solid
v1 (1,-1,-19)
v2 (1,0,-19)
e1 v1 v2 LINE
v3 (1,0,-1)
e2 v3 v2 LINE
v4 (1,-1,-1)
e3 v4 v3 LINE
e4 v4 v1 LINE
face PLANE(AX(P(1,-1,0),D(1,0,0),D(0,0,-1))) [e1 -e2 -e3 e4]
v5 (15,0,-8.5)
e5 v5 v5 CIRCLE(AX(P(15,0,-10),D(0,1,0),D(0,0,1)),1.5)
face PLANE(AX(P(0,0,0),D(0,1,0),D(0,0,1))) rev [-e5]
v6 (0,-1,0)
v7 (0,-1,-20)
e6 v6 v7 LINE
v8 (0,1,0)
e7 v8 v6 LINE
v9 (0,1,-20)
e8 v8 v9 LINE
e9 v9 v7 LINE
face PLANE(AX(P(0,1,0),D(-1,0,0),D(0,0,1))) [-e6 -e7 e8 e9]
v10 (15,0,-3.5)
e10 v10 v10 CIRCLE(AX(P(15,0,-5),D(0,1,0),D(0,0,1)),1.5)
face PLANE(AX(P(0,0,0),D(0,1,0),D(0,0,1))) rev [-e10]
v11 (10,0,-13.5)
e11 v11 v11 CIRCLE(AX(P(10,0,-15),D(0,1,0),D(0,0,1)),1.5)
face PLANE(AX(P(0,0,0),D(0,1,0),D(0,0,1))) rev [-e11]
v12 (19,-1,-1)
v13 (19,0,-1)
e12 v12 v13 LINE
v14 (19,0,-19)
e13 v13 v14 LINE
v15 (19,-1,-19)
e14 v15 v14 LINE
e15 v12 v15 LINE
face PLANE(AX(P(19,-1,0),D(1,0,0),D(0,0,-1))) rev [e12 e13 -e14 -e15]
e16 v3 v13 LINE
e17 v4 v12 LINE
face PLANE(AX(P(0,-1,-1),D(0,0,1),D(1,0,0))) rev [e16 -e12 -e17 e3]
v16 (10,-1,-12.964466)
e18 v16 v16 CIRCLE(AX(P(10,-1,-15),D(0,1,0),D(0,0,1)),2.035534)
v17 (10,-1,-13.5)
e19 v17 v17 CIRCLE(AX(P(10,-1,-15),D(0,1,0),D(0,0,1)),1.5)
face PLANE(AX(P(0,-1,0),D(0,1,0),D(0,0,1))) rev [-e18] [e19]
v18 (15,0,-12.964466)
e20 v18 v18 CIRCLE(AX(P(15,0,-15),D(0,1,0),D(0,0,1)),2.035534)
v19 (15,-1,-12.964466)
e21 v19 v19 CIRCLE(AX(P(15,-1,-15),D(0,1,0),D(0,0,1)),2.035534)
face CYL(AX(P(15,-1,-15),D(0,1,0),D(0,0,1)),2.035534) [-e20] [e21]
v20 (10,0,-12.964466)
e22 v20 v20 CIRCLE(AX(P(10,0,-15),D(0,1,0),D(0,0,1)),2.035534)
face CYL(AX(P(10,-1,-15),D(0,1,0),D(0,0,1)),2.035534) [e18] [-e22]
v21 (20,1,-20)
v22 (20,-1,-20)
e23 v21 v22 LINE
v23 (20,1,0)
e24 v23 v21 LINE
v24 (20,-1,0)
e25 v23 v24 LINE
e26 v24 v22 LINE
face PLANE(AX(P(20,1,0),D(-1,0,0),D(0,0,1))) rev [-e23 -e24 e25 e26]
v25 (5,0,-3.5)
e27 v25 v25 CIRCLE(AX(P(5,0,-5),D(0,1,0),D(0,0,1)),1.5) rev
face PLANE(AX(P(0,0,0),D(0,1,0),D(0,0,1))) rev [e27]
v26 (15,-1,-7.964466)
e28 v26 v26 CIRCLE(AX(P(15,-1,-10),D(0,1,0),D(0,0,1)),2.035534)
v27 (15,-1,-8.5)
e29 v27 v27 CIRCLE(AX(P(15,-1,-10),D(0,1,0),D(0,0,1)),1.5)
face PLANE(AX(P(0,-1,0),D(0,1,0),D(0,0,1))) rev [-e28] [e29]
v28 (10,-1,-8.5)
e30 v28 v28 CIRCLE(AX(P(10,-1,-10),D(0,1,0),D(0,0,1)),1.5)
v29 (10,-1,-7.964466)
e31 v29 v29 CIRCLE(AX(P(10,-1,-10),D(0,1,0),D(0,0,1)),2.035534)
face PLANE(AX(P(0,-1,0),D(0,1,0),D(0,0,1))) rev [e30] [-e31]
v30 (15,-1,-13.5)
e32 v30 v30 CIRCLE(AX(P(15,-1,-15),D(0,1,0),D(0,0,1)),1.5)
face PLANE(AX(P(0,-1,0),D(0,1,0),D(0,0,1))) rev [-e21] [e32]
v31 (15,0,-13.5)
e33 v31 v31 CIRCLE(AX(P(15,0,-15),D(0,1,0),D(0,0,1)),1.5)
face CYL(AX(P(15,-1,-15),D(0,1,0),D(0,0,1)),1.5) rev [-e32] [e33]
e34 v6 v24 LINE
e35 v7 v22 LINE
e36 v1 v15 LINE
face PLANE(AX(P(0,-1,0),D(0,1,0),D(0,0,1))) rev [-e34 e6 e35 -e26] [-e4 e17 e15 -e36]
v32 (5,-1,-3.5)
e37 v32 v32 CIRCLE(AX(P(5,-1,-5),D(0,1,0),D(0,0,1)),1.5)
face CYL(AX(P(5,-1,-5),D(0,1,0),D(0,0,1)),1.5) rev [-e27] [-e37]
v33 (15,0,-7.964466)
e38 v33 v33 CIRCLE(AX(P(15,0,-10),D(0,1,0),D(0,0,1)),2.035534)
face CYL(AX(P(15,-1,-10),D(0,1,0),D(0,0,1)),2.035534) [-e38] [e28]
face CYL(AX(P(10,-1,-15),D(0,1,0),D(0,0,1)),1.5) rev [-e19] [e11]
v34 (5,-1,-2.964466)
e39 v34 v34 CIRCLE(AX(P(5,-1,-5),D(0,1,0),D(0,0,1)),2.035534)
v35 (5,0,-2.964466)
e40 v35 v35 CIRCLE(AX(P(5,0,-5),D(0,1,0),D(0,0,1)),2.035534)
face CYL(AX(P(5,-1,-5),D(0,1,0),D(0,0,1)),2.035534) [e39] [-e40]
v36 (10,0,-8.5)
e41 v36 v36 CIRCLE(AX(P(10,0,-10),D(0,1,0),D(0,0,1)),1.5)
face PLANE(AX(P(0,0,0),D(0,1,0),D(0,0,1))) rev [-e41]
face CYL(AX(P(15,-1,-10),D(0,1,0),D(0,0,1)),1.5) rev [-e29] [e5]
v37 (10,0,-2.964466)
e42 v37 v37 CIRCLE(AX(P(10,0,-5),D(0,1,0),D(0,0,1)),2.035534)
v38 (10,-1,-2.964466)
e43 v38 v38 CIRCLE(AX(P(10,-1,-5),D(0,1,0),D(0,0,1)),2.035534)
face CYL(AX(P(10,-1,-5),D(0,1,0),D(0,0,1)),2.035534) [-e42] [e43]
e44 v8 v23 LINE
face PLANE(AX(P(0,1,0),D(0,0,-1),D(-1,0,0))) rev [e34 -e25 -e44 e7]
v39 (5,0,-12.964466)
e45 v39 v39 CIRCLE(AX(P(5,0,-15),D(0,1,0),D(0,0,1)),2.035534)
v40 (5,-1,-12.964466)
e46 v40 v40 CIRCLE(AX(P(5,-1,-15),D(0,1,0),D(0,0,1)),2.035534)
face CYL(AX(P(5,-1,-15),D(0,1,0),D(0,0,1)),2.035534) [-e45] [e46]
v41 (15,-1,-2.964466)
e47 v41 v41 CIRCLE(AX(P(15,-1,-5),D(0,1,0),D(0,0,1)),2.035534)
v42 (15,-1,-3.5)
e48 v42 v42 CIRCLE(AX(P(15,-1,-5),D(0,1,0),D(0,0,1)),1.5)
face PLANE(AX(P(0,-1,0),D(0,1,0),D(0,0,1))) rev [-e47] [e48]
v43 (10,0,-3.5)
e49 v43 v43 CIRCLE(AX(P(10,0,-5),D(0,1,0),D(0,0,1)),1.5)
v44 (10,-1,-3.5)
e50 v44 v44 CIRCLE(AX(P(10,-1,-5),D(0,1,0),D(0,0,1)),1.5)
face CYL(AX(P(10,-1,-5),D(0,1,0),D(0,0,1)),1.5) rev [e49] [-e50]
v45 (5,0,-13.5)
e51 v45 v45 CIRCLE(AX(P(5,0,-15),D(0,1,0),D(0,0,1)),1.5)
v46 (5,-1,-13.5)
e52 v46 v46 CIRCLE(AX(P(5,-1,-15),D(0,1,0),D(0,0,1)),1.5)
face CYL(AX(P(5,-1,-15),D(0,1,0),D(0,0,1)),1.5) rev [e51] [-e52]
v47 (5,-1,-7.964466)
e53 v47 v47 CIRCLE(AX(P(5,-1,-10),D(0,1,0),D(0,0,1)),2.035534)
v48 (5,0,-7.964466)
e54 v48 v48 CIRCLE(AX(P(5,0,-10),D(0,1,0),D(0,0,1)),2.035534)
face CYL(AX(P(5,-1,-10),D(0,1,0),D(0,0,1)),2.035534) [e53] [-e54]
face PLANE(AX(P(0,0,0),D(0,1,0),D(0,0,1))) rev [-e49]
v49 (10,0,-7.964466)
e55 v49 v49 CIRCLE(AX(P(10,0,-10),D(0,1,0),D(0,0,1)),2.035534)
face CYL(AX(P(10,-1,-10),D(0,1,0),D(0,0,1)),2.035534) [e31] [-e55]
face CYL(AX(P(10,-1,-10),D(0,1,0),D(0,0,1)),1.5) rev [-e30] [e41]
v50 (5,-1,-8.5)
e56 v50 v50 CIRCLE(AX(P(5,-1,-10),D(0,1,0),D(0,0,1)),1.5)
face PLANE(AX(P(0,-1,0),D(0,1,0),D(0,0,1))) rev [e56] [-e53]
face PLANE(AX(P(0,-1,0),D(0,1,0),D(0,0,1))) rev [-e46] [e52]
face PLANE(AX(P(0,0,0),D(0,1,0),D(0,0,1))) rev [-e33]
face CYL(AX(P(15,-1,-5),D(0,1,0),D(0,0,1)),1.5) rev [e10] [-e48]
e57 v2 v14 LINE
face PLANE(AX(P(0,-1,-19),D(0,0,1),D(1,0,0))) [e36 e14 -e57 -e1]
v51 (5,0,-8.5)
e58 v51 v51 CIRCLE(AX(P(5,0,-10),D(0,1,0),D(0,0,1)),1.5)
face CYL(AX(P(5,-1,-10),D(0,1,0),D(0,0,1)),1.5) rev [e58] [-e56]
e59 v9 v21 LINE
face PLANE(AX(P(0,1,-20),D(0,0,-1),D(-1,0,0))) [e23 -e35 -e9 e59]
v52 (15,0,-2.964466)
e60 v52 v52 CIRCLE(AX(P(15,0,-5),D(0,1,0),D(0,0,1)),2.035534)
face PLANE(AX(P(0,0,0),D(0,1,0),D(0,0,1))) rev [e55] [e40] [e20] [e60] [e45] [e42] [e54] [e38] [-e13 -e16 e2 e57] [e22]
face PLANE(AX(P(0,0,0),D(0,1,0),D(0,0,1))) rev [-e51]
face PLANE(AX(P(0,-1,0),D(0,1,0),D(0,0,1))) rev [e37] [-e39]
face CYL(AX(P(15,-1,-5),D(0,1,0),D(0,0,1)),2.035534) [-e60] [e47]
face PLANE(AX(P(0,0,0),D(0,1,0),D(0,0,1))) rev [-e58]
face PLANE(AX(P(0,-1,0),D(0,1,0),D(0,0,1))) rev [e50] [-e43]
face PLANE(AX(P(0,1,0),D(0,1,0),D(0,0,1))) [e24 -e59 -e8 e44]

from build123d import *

# Parameters (mm, degrees)
SKETCH1_R              = 2.035533906
SKETCH1_R_2            = 1.5
BOSS_EXTRUDE1_DEPTH    = 1
SKETCH1_W              = 20
SKETCH1_H              = 20
SKETCH1_W_2            = 18
SKETCH1_H_2            = 18
BOSS_EXTRUDE1_2_DEPTH  = 1
BOSS_EXTRUDE1_3_DEPTH  = 1
BOSS_EXTRUDE1_4_DEPTH  = 1
BOSS_EXTRUDE1_5_DEPTH  = 1
BOSS_EXTRUDE1_6_DEPTH  = 1
BOSS_EXTRUDE1_7_DEPTH  = 1
BOSS_EXTRUDE1_8_DEPTH  = 1
BOSS_EXTRUDE1_9_DEPTH  = 1
BOSS_EXTRUDE1_10_DEPTH = 1
SKETCH1_3_W            = 20
SKETCH1_3_H            = 20
BOSS_EXTRUDE2_DEPTH    = 1


with BuildPart() as part:
    # Sketch1 → Boss-Extrude1 (new body)
    with BuildSketch(Plane(origin=(0, 0, 0), x_dir=(1, 0, 0), z_dir=(0, 1, 0))):
        with Locations((5, 15)):
            Circle(SKETCH1_R)
        with Locations((5, 15)):
            Circle(SKETCH1_R_2, mode=Mode.SUBTRACT)
    extrude(amount=-BOSS_EXTRUDE1_DEPTH)



with BuildPart() as body_2:
    # Sketch1 → Boss-Extrude1 2 (new body)
    with BuildSketch(Plane(origin=(0, 0, 0), x_dir=(1, 0, 0), z_dir=(0, 1, 0))):
        with Locations((10, 10)):
            Rectangle(SKETCH1_W, SKETCH1_H)
        with Locations((10, 10)):
            Rectangle(SKETCH1_W_2, SKETCH1_H_2, mode=Mode.SUBTRACT)
    extrude(amount=-BOSS_EXTRUDE1_2_DEPTH)


with BuildPart() as body_3:
    # Sketch1 → Boss-Extrude1 3 (new body)
    with BuildSketch(Plane(origin=(0, 0, 0), x_dir=(1, 0, 0), z_dir=(0, 1, 0))):
        with Locations((5, 10)):
            Circle(SKETCH1_R)
        with Locations((5, 10)):
            Circle(SKETCH1_R_2, mode=Mode.SUBTRACT)
    extrude(amount=-BOSS_EXTRUDE1_3_DEPTH)


with BuildPart() as body_4:
    # Sketch1 → Boss-Extrude1 4 (new body)
    with BuildSketch(Plane(origin=(0, 0, 0), x_dir=(1, 0, 0), z_dir=(0, 1, 0))):
        with Locations((10, 15)):
            Circle(SKETCH1_R)
        with Locations((10, 15)):
            Circle(SKETCH1_R_2, mode=Mode.SUBTRACT)
    extrude(amount=-BOSS_EXTRUDE1_4_DEPTH)


with BuildPart() as body_5:
    # Sketch1 → Boss-Extrude1 5 (new body)
    with BuildSketch(Plane(origin=(0, 0, 0), x_dir=(1, 0, 0), z_dir=(0, 1, 0))):
        with Locations((5, 5)):
            Circle(SKETCH1_R)
        with Locations((5, 5)):
            Circle(SKETCH1_R_2, mode=Mode.SUBTRACT)
    extrude(amount=-BOSS_EXTRUDE1_5_DEPTH)


with BuildPart() as body_6:
    # Sketch1 → Boss-Extrude1 6 (new body)
    with BuildSketch(Plane(origin=(0, 0, 0), x_dir=(1, 0, 0), z_dir=(0, 1, 0))):
        with Locations((10, 10)):
            Circle(SKETCH1_R)
        with Locations((10, 10)):
            Circle(SKETCH1_R_2, mode=Mode.SUBTRACT)
    extrude(amount=-BOSS_EXTRUDE1_6_DEPTH)


with BuildPart() as body_7:
    # Sketch1 → Boss-Extrude1 7 (new body)
    with BuildSketch(Plane(origin=(0, 0, 0), x_dir=(1, 0, 0), z_dir=(0, 1, 0))):
        with Locations((15, 15)):
            Circle(SKETCH1_R)
        with Locations((15, 15)):
            Circle(SKETCH1_R_2, mode=Mode.SUBTRACT)
    extrude(amount=-BOSS_EXTRUDE1_7_DEPTH)


with BuildPart() as body_8:
    # Sketch1 → Boss-Extrude1 8 (new body)
    with BuildSketch(Plane(origin=(0, 0, 0), x_dir=(1, 0, 0), z_dir=(0, 1, 0))):
        with Locations((10, 5)):
            Circle(SKETCH1_R)
        with Locations((10, 5)):
            Circle(SKETCH1_R_2, mode=Mode.SUBTRACT)
    extrude(amount=-BOSS_EXTRUDE1_8_DEPTH)


with BuildPart() as body_9:
    # Sketch1 → Boss-Extrude1 9 (new body)
    with BuildSketch(Plane(origin=(0, 0, 0), x_dir=(1, 0, 0), z_dir=(0, 1, 0))):
        with Locations((15, 10)):
            Circle(SKETCH1_R)
        with Locations((15, 10)):
            Circle(SKETCH1_R_2, mode=Mode.SUBTRACT)
    extrude(amount=-BOSS_EXTRUDE1_9_DEPTH)


with BuildPart() as body_10:
    # Sketch1 → Boss-Extrude1 10 (new body)
    with BuildSketch(Plane(origin=(0, 0, 0), x_dir=(1, 0, 0), z_dir=(0, 1, 0))):
        with Locations((15, 5)):
            Circle(SKETCH1_R)
        with Locations((15, 5)):
            Circle(SKETCH1_R_2, mode=Mode.SUBTRACT)
    extrude(amount=-BOSS_EXTRUDE1_10_DEPTH)


with BuildPart() as part_1:
    add(part.part)

    add(body_2.part)  # Boss-Extrude2 merges body 2

    add(body_3.part)  # Boss-Extrude2 merges body 3

    add(body_4.part)  # Boss-Extrude2 merges body 4

    add(body_5.part)  # Boss-Extrude2 merges body 5

    add(body_6.part)  # Boss-Extrude2 merges body 6

    add(body_7.part)  # Boss-Extrude2 merges body 7

    add(body_8.part)  # Boss-Extrude2 merges body 8

    add(body_9.part)  # Boss-Extrude2 merges body 9

    add(body_10.part)  # Boss-Extrude2 merges body 10
    # Sketch1<3> → Boss-Extrude2 (add)
    with BuildSketch(Plane(origin=(0, 0, 0), x_dir=(1, 0, 0), z_dir=(0, 1, 0))):
        with Locations((10, 10)):
            Rectangle(SKETCH1_3_W, SKETCH1_3_H)
    extrude(amount=BOSS_EXTRUDE2_DEPTH)


solid = part_1.part
